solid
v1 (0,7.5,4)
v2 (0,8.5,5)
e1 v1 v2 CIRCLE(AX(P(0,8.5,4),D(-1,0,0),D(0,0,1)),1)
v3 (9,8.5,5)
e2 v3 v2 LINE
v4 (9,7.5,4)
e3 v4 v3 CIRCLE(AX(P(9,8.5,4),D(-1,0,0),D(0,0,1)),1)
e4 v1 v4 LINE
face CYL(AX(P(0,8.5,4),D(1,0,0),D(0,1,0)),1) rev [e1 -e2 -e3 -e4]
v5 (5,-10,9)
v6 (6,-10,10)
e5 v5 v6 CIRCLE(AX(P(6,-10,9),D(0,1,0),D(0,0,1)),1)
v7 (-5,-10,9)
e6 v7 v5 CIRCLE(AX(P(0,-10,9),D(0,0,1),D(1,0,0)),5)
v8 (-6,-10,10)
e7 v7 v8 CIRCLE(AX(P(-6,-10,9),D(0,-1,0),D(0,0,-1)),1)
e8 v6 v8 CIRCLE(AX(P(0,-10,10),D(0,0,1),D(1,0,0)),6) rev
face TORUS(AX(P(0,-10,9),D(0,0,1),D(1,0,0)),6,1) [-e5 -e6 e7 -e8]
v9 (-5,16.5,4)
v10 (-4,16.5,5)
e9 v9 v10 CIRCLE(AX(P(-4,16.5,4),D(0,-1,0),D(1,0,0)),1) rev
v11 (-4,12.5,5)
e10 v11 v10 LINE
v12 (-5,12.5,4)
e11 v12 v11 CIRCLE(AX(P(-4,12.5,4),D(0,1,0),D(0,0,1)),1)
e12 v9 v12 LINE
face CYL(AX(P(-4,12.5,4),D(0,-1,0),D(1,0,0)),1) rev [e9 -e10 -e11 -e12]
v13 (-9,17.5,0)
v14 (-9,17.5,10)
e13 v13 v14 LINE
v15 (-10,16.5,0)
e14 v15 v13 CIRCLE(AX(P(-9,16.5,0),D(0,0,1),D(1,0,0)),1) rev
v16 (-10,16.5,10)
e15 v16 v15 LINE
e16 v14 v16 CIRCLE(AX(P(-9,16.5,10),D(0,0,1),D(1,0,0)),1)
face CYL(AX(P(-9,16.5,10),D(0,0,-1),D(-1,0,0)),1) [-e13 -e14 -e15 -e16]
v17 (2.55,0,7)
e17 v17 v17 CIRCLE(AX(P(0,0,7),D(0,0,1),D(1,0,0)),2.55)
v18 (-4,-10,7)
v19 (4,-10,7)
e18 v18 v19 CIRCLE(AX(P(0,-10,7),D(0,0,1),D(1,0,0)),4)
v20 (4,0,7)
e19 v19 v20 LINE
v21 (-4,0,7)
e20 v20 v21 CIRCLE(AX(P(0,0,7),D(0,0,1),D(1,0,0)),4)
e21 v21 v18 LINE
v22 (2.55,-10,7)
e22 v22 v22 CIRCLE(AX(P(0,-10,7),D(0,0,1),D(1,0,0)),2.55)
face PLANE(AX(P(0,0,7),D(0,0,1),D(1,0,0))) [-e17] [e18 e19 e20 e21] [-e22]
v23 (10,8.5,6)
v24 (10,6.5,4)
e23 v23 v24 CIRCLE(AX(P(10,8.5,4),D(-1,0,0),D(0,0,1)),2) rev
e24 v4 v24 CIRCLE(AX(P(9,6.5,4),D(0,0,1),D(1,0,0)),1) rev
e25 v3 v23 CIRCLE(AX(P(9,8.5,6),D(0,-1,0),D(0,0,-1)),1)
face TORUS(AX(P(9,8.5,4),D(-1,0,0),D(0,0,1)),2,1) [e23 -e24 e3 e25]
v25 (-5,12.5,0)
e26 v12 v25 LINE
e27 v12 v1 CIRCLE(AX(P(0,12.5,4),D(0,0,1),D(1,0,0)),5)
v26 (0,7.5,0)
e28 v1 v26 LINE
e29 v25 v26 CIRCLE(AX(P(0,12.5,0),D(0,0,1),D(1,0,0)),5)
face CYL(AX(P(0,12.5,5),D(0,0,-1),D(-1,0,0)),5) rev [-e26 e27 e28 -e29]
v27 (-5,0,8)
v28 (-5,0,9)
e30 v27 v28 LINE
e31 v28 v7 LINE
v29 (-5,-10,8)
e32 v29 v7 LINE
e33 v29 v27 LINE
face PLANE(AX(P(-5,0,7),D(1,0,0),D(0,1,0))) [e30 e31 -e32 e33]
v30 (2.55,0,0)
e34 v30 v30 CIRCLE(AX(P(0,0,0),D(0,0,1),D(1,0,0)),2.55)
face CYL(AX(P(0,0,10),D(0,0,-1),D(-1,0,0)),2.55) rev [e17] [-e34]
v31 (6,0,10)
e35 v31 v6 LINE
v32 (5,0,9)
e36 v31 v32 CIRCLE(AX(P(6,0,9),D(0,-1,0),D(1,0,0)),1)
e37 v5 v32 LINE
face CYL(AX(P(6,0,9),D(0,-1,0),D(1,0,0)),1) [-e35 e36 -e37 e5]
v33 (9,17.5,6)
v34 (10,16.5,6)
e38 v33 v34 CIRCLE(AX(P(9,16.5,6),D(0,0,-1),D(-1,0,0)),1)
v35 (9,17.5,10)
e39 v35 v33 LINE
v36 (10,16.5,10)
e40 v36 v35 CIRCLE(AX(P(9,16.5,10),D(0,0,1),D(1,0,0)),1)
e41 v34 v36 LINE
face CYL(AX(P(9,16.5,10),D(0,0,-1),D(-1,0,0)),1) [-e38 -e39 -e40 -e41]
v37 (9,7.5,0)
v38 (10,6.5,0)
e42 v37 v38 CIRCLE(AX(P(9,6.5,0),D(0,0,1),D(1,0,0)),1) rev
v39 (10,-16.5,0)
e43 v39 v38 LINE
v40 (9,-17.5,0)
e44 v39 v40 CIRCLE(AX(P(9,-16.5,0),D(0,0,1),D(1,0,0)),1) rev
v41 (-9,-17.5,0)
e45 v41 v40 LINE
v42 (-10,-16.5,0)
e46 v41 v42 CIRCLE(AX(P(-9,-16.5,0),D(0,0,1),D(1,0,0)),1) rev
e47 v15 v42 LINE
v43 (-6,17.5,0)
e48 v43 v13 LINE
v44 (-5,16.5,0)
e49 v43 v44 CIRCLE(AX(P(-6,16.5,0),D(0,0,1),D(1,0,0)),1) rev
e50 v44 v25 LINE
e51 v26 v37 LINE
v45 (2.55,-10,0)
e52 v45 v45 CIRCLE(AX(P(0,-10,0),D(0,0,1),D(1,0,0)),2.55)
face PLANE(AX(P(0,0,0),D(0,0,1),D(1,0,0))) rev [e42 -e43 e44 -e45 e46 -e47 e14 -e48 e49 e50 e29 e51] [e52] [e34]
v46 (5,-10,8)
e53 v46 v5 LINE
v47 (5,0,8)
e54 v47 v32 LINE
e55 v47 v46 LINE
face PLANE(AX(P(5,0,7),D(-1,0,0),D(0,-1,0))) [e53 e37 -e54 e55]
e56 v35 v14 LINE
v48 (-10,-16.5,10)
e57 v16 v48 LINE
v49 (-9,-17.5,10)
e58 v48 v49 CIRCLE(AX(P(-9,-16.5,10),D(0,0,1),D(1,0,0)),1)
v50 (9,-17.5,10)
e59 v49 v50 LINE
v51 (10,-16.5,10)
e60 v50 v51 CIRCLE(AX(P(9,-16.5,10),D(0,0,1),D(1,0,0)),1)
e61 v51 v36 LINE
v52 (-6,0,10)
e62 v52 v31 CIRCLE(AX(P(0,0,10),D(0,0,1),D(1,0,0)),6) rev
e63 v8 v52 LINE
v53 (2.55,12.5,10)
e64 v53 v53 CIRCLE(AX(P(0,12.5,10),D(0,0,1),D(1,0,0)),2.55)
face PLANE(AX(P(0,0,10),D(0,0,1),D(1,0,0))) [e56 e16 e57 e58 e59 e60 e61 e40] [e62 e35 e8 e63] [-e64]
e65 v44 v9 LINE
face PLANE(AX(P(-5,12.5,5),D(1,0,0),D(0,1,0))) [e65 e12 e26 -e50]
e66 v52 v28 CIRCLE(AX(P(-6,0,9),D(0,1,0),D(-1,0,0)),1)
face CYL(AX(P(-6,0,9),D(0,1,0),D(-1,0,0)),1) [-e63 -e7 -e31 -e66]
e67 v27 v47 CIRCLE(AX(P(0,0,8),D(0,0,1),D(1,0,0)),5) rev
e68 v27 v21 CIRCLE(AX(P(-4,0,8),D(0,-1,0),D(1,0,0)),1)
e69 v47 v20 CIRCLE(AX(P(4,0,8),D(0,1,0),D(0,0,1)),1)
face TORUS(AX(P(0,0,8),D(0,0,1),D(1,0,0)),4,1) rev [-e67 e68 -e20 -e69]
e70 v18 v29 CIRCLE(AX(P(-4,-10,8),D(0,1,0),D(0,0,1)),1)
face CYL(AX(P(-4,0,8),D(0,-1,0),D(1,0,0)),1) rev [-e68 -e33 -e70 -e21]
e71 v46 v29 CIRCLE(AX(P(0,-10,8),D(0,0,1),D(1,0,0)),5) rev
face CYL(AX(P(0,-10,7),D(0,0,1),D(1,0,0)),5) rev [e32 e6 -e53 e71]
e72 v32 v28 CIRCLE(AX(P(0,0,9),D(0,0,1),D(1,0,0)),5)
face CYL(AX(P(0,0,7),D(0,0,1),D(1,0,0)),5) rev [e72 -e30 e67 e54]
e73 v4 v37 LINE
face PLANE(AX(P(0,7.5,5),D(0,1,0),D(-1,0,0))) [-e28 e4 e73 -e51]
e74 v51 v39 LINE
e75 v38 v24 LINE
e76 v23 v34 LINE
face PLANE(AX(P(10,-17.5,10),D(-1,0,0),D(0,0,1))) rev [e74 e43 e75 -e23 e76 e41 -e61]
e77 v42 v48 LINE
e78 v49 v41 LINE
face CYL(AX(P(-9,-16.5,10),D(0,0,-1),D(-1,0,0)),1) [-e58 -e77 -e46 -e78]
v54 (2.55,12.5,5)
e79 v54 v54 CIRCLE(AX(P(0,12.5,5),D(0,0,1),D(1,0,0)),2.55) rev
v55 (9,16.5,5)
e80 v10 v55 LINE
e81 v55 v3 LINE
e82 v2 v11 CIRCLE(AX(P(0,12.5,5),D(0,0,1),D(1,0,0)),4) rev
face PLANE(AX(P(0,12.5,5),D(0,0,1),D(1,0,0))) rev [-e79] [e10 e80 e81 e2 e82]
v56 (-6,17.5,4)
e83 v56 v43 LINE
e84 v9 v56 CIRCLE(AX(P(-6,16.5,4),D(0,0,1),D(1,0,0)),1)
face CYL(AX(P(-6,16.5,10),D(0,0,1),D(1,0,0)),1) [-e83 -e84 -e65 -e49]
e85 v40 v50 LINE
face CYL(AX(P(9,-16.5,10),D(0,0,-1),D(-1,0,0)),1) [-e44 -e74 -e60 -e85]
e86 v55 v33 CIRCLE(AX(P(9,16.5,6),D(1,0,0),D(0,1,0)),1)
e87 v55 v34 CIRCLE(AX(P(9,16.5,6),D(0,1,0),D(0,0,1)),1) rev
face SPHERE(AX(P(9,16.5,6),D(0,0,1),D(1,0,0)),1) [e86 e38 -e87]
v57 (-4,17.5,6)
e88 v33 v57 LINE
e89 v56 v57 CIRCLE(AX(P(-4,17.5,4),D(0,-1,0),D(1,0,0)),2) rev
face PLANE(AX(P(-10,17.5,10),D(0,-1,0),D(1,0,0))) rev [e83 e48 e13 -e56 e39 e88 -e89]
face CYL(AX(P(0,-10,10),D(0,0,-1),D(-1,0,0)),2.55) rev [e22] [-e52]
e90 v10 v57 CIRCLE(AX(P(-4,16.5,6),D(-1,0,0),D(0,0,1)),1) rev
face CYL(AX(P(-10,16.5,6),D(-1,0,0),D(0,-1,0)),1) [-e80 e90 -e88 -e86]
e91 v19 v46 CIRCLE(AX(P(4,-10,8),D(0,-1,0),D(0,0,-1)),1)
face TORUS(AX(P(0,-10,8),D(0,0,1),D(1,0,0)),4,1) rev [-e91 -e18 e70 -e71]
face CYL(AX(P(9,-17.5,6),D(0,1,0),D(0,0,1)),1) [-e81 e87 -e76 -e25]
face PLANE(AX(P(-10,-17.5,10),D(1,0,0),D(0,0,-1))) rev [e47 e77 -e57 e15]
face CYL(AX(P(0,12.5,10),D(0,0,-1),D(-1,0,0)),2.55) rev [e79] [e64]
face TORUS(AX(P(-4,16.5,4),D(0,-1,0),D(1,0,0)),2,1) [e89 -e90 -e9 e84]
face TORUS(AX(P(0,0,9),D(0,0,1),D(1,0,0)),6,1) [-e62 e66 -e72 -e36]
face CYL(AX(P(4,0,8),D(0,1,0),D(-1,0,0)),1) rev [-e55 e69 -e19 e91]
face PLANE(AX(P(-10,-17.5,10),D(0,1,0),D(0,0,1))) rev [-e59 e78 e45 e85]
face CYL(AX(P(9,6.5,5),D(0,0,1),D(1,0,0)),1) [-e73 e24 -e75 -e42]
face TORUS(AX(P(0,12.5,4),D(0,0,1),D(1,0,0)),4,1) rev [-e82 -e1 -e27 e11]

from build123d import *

# Parameters (mm, degrees)
SKETCH1_W           = 20
SKETCH1_H           = 35
SKETCH1_R           = 2.55
BOSS_EXTRUDE1_DEPTH = 10
CUT_EXTRUDE1_DEPTH  = 5
SKETCH3_R           = 2.55
CUT_EXTRUDE2_DEPTH  = 23.5
CUT_EXTRUDE4_START  = 10
CUT_EXTRUDE4_DEPTH  = 3
FILLET1_R           = 1


with BuildPart() as part:
    # Sketch1 → Boss-Extrude1 (new body)
    with BuildSketch(Plane.XY):
        Rectangle(SKETCH1_W, SKETCH1_H)
        with Locations((0, -10)):
            Circle(SKETCH1_R, mode=Mode.SUBTRACT)
        Circle(SKETCH1_R, mode=Mode.SUBTRACT)
    extrude(amount=BOSS_EXTRUDE1_DEPTH)

    # Sketch2 → Cut-Extrude1 (cut)
    with BuildSketch(Plane.XY):
        with BuildLine():
            Line((-5, 12.5), (-5, 17.5))
            Line((-5, 17.5), (10, 17.5))
            Line((10, 17.5), (10, 7.5))
            Line((10, 7.5), (0, 7.5))
            ThreePointArc((0, 7.5), (-3.535533906, 8.964466094), (-5, 12.5))
        make_face()
    extrude(amount=CUT_EXTRUDE1_DEPTH, mode=Mode.SUBTRACT)

    # Sketch3 → Cut-Extrude2 (cut, through all)
    with BuildSketch(Plane.XY):
        with Locations((0, 12.5)):
            Circle(SKETCH3_R)
    extrude(amount=CUT_EXTRUDE2_DEPTH, mode=Mode.SUBTRACT)

    # Sketch4 → Cut-Extrude4 (cut)
    with BuildSketch(Plane.XY.offset(CUT_EXTRUDE4_START)):
        with BuildLine():
            Line((-5, -10), (-5, 0))
            ThreePointArc((-5, 0), (0, 5), (5, 0))
            Line((5, 0), (5, -10))
            ThreePointArc((5, -10), (0, -15), (-5, -10))
        make_face()
    extrude(amount=-CUT_EXTRUDE4_DEPTH, mode=Mode.SUBTRACT)

    # Fillet1
    fillet1_edges = [part.edges().sort_by_distance(p)[0] for p in [
        (10, 7.5, 2.5),
        (-5, 17.5, 2.5),
        (-3.535533906, 8.964466094, 5),
        (5, 7.5, 5),
        (10, 12.5, 5),
        (2.5, 17.5, 5),
        (-5, 15, 5),
        (-5, -5, 10),
        (0, 5, 7),
        (5, -5, 10),
        (0, -15, 7),
        (-5, -5, 7),
        (5, -5, 7),
        (0, -15, 10),
        (0, 5, 10),
        (10, 17.5, 7.5),
        (10, -17.5, 5),
        (-10, -17.5, 5),
        (-10, 17.5, 5),
    ]]
    fillet(fillet1_edges, radius=FILLET1_R)


solid = part.part
